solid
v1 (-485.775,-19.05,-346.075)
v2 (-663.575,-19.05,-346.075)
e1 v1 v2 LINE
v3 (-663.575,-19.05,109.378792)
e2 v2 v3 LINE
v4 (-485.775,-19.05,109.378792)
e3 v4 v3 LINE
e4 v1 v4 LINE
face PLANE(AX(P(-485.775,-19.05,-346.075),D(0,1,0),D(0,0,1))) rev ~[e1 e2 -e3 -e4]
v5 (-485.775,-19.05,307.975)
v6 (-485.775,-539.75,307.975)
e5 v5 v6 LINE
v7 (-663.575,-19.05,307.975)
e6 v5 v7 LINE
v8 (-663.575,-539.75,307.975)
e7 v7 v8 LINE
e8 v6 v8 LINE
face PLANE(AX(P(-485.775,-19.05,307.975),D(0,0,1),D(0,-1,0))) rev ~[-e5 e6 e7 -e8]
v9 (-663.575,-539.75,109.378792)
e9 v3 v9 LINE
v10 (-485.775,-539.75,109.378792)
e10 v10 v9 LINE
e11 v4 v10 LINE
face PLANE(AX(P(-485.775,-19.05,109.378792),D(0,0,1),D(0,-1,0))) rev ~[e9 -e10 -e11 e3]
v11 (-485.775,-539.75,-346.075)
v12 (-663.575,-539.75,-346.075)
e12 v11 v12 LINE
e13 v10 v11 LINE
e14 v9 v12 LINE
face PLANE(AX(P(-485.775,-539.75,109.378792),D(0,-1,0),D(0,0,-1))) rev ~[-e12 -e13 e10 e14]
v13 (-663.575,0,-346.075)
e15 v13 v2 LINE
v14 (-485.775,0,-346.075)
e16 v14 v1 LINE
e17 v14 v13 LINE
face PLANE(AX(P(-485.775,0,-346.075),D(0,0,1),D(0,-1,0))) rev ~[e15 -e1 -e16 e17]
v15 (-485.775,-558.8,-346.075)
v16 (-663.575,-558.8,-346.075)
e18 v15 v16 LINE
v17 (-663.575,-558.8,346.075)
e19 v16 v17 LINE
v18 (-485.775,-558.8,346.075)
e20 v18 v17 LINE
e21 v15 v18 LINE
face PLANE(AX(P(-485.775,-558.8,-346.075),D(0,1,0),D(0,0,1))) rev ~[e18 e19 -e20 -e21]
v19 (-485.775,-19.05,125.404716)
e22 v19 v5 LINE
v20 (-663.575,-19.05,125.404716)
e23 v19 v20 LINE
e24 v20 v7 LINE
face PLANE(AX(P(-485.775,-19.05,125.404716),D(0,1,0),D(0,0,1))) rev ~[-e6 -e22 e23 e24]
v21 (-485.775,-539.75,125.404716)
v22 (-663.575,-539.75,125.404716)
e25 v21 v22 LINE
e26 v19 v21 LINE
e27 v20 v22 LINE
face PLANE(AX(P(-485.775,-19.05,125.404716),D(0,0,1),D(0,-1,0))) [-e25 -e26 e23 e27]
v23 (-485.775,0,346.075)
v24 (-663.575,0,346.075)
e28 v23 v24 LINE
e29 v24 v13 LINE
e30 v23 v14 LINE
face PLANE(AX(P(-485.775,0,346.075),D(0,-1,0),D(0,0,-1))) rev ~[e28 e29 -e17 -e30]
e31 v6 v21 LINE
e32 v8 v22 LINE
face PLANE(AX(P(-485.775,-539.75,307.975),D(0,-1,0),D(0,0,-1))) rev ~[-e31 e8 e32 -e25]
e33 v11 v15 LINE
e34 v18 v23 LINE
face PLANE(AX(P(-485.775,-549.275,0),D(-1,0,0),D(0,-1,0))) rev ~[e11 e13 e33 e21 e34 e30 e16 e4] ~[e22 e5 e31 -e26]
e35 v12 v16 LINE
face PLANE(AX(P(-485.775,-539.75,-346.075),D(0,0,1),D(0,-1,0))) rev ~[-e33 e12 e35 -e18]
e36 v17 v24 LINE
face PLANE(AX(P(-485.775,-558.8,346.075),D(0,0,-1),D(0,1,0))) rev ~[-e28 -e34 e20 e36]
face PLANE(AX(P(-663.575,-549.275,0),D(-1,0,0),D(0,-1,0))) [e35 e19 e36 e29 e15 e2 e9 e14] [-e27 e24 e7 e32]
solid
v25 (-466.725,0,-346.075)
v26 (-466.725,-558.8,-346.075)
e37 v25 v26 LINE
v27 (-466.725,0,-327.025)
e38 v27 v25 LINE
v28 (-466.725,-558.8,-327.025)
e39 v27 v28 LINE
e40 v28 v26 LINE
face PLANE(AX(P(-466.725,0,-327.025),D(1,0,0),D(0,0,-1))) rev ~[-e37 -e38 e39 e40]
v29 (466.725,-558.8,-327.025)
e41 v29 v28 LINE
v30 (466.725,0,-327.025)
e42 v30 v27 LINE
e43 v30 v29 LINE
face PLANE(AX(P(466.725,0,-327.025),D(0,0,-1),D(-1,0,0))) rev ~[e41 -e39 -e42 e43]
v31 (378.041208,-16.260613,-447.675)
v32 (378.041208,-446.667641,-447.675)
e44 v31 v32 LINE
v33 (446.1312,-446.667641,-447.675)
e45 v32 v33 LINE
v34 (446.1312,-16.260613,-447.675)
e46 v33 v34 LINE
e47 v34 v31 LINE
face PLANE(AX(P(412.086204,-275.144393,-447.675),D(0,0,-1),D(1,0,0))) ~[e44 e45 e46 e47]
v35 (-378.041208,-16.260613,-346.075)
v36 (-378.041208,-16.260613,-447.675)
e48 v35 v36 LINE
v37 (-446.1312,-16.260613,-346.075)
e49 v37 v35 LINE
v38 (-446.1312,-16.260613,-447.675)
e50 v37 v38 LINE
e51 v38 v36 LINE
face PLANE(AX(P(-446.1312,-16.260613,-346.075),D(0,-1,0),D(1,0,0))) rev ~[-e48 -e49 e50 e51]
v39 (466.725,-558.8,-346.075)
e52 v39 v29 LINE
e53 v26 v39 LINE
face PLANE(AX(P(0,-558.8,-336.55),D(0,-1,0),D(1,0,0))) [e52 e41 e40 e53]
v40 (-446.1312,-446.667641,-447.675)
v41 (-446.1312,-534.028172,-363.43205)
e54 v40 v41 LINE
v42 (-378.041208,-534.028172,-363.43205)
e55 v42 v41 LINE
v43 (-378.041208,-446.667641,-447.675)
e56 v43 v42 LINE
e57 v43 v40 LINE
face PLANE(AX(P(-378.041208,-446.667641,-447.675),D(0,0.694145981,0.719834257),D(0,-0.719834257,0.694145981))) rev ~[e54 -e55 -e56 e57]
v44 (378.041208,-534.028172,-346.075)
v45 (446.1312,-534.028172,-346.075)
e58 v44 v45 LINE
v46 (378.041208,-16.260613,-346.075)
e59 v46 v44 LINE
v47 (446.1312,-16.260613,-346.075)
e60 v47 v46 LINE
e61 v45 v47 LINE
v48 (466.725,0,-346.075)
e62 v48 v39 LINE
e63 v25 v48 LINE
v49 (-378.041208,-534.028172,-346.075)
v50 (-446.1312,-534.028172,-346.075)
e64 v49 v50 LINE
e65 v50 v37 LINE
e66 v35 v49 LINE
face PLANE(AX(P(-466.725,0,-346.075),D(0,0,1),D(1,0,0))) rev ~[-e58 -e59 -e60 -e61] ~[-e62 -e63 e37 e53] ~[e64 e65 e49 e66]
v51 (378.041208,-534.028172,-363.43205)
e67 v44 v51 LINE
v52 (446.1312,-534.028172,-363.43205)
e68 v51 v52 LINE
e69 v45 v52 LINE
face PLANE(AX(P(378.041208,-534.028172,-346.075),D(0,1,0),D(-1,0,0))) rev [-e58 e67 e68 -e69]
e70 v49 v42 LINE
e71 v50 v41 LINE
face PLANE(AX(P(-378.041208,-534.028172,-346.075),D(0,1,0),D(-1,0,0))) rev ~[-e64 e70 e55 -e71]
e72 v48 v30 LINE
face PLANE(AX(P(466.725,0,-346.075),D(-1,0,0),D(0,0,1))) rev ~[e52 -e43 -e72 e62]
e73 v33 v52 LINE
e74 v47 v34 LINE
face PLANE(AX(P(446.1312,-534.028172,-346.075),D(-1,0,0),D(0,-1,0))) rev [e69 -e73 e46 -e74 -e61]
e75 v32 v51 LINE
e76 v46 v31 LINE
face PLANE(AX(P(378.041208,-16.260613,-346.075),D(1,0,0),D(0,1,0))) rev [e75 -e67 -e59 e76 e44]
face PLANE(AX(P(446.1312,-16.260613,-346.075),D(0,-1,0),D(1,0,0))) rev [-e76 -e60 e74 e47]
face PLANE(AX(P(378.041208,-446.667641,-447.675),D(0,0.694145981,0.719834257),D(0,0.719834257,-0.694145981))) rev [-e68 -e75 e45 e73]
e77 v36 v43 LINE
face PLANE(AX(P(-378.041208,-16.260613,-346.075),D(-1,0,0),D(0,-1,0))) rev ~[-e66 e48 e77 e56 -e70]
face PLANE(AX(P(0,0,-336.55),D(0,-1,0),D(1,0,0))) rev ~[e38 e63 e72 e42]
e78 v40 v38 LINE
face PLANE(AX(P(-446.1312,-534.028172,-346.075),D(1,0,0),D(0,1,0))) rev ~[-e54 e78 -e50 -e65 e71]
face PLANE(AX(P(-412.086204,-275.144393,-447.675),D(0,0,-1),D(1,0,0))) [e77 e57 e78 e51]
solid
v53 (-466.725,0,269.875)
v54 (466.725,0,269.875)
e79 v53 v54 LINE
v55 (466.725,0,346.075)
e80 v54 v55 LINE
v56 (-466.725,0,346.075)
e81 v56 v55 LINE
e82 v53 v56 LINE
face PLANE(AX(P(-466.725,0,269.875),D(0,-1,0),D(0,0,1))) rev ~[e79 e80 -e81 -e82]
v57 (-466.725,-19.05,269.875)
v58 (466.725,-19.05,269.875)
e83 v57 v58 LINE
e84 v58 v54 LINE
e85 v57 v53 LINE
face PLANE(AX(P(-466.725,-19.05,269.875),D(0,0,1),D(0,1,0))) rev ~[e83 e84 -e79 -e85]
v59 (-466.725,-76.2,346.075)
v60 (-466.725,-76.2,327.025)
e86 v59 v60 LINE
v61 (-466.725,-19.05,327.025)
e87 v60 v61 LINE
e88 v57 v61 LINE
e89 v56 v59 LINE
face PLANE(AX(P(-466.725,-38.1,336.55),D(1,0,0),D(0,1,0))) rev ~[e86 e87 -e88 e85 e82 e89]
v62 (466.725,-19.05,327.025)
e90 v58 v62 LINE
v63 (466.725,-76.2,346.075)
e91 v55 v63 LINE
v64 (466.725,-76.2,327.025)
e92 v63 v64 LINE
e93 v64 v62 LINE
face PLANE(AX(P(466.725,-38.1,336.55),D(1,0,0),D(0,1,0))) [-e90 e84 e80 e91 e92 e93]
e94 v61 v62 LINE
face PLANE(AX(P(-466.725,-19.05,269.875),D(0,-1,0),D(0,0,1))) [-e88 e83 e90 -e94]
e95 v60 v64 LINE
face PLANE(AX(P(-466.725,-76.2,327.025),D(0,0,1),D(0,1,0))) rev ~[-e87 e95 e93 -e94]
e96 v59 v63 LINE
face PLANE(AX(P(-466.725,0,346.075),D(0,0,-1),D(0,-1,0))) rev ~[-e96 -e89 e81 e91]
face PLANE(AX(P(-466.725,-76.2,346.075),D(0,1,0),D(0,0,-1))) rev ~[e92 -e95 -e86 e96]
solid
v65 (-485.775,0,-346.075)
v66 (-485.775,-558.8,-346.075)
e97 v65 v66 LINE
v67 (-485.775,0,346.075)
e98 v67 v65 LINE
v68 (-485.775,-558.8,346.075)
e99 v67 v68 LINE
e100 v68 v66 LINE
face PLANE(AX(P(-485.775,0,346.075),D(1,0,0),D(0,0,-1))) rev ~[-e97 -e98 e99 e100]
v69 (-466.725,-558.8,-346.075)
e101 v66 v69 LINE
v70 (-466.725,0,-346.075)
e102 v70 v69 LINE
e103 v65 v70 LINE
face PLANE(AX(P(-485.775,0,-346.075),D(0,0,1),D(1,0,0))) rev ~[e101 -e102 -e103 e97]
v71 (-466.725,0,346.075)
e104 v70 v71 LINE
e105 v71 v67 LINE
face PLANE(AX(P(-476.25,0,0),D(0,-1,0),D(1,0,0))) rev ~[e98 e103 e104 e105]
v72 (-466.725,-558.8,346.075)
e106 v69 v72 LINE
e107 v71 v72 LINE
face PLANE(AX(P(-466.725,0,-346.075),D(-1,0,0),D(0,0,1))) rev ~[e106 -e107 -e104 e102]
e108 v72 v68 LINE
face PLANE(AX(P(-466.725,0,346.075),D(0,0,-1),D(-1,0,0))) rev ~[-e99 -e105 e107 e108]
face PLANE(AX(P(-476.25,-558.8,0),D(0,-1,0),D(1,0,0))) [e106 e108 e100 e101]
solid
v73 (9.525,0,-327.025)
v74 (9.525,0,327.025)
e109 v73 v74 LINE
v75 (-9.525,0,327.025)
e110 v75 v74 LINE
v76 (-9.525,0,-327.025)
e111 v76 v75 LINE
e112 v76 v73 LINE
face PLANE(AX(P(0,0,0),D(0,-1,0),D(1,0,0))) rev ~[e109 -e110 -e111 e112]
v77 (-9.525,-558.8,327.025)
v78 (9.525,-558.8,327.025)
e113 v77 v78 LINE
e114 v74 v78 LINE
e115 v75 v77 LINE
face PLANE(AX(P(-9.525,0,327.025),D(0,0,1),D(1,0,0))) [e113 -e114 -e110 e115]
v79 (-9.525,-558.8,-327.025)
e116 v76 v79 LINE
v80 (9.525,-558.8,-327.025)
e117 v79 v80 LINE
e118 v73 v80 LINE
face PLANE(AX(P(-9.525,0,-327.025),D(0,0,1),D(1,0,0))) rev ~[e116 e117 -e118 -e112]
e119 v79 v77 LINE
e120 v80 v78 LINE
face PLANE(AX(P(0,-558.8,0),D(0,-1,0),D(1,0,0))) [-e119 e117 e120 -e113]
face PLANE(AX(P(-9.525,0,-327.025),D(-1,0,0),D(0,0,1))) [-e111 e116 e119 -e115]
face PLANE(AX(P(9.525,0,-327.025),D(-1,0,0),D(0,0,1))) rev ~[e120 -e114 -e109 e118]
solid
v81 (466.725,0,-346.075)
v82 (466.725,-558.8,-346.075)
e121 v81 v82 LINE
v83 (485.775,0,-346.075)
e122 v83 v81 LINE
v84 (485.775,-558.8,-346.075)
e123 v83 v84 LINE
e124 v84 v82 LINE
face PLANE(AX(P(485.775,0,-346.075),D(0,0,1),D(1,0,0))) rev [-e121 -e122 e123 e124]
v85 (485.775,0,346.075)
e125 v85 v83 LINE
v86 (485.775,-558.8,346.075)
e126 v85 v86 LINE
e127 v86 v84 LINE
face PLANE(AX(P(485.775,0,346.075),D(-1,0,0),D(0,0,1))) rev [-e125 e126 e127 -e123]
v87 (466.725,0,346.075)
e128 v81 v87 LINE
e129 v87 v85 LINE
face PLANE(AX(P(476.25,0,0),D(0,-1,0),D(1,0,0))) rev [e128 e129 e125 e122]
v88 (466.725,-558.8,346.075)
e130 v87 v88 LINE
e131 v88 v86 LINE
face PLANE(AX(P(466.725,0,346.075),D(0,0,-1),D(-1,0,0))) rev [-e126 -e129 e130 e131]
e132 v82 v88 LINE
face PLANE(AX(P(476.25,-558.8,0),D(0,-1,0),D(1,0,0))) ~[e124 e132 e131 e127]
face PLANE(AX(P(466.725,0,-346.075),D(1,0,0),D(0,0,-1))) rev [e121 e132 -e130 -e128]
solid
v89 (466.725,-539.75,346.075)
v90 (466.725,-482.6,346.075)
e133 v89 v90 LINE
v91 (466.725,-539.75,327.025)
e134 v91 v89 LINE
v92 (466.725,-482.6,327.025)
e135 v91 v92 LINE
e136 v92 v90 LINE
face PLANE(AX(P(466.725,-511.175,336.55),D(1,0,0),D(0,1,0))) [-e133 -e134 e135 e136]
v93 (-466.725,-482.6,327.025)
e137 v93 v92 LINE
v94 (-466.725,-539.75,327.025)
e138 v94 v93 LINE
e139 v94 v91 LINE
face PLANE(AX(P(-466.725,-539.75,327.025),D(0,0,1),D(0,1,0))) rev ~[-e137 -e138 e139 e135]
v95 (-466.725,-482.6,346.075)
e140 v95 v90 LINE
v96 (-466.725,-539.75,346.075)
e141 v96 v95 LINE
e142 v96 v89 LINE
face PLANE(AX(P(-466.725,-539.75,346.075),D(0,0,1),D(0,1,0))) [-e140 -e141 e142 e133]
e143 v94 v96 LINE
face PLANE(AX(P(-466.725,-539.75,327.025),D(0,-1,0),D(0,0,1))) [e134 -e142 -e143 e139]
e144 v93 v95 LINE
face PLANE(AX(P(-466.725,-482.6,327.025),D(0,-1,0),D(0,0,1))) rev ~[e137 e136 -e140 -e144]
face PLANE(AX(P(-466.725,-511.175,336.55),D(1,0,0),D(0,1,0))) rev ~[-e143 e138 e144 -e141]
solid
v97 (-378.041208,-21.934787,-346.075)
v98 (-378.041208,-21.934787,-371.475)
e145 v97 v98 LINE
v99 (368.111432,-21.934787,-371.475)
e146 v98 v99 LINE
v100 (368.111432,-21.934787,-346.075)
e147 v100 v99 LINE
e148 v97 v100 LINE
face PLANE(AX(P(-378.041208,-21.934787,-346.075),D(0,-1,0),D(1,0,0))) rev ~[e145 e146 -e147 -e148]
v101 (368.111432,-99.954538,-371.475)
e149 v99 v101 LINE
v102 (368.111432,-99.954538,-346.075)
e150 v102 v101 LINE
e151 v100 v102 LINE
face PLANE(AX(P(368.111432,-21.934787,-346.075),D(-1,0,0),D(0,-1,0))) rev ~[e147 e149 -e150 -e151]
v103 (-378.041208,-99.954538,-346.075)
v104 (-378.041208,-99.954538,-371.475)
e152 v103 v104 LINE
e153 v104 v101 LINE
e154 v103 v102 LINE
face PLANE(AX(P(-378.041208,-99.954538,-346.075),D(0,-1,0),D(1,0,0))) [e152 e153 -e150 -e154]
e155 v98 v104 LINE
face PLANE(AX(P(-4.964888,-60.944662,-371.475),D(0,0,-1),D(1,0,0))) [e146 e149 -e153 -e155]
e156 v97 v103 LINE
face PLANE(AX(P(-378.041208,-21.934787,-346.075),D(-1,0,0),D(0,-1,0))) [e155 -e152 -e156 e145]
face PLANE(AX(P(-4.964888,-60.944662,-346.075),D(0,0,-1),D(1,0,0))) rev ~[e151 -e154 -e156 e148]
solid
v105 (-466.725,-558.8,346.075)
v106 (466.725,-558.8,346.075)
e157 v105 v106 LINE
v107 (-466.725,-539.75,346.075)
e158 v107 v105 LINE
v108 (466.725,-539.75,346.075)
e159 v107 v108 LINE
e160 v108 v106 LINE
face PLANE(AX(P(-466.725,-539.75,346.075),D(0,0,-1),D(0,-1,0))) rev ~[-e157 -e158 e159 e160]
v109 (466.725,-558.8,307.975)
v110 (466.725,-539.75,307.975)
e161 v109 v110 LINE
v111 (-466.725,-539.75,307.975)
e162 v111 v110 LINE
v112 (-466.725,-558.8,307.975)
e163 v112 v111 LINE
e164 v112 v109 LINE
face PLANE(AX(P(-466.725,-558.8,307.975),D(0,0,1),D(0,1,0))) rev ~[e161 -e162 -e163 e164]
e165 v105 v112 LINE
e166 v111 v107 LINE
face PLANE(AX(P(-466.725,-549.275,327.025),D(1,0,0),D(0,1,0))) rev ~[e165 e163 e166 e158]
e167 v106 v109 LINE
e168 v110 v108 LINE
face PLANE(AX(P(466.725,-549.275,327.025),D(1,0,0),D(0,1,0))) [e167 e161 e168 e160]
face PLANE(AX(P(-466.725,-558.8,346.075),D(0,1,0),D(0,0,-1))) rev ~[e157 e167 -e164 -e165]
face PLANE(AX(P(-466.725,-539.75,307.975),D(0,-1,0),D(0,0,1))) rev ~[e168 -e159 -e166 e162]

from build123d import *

# Parameters (mm, degrees)
F1_DEPTH  = 558.8
F2_DEPTH  = 558.8
F0_W      = 19.05
F0_H      = 654.05
F4_DEPTH  = 558.8
F6_DEPTH  = 933.45
F5_W      = 57.15
F5_H      = 19.05
F7_DEPTH  = 933.45
F5_W_2    = 19.05
F5_H_2    = 57.15
F8_W      = 520.7
F8_H      = 38.1
F8_H_2    = 16.0259231925
F9_DEPTH  = 177.8
F10_W     = 746.152639389
F10_H     = 78.0197512358
F11_DEPTH = 25.4
F12_DEPTH = 101.6
F14_DEPTH = 101.6


with BuildPart() as f1:
    # F0 (on Front) → F1 (new body)
    with BuildSketch(Plane.XZ):
        Polygon((-466.725, 346.075), (-485.775, 346.075), (-485.775, -346.075), (-466.725, -346.075), (-466.725, -327.025), (-466.725, 327.025), align=None)
    extrude(amount=F1_DEPTH)


with BuildPart() as f2:
    # F0 (on Front) → F2 (new body)
    with BuildSketch(Plane.XZ):
        Polygon((-466.725, -327.025), (-466.725, -346.075), (466.725, -346.075), (466.725, -327.025), (9.525, -327.025), (-9.525, -327.025), align=None)
    extrude(amount=F2_DEPTH)



with BuildPart() as f3_1:
    # F3: instance of F1
    add(f1.part.mirror(Plane.YZ))


with BuildPart() as f4:
    # F0 (on Front) → F4 (new body)
    with BuildSketch(Plane.XZ):
        Rectangle(F0_W, F0_H)
    extrude(amount=F4_DEPTH)


with BuildPart() as f6:
    # F5 (on face) → F6 (new body, through all)
    with BuildSketch(Plane.YZ.offset(-466.725)):
        Polygon((-539.75, 346.075), (-558.8, 346.075), (-558.8, 307.975), (-539.75, 307.975), (-539.75, 327.025), align=None)
    extrude(amount=F6_DEPTH)


with BuildPart() as f7:
    # F5 (on face) → F7 (new body, through all)
    with BuildSketch(Plane.YZ.offset(-466.725)):
        with Locations((-511.175, 336.55)):
            Rectangle(F5_W, F5_H)
    extrude(amount=F7_DEPTH)


with BuildPart() as f7b:
    # F5 (on face) → F7, piece 2 (new body, through all)
    with BuildSketch(Plane.YZ.offset(-466.725)):
        Polygon((0, 346.075), (-76.2, 346.075), (-76.2, 327.025), (-19.05, 327.025), (0, 327.025), align=None)
        with Locations((-9.525, 298.45)):
            Rectangle(F5_W_2, F5_H_2)
    extrude(amount=F7_DEPTH)


with BuildPart() as f9:
    # F8 (on face) → F9 (new body)
    with BuildSketch(Plane(origin=(-485.775, 0, 0), x_dir=(0, -1, 0), z_dir=(-1, 0, 0))):
        Polygon((558.8, 346.075), (539.75, 346.075), (539.75, 307.975), (539.75, 125.404715538), (539.75, 109.3787923455), (539.75, -346.075), (558.8, -346.075), align=None)
        with Locations((279.4, 327.025)):
            Rectangle(F8_W, F8_H)
        with Locations((279.4, 117.3917539418)):
            Rectangle(F8_W, F8_H_2)
        Polygon((19.05, 346.075), (0, 346.075), (0, -346.075), (19.05, -346.075), (19.05, 109.3787923455), (19.05, 125.404715538), (19.05, 307.975), align=None)
    extrude(amount=F9_DEPTH)


with BuildPart() as f11:
    # F10 (on face) → F11 (new body)
    with BuildSketch(Plane(origin=(0, 0, -346.075), x_dir=(1, 0, 0), z_dir=(0, 0, -1))):
        with Locations((-4.9648880959, 60.9446624294)):
            Rectangle(F10_W, F10_H)
    extrude(amount=F11_DEPTH)


with BuildPart() as f12:
    # F10 (on face) → F12 (new body)
    with BuildSketch(Plane(origin=(0, 0, -346.075), x_dir=(1, 0, 0), z_dir=(0, 0, -1))):
        Polygon((-378.0412077904, 534.028172493), (-446.1311995983, 534.028172493), (-446.1311995983, 16.260612756), (-378.0412077904, 16.260612756), (-378.0412077904, 21.9347868115), (-378.0412077904, 99.9545380473), align=None)
    extrude(amount=F12_DEPTH)

    # F13 (on face) → F14 (cut)
    with BuildSketch(Plane.YZ.offset(-378.0412077904)):
        Polygon((-446.6676414013, -447.675), (-534.028172493, -363.4320497513), (-534.028172493, -447.675), align=None)
    extrude(amount=-F14_DEPTH, mode=Mode.SUBTRACT)


with BuildPart() as f2_1:
    add(f2.part)

    add(f12.part)  # F15 merges F12
    # F15: F12 across plane
    add(f12.part.mirror(Plane.YZ))


solid = Compound([f1.part, f3_1.part, f4.part, f6.part, f7.part, f7b.part, f9.part, f11.part, f2_1.part])
